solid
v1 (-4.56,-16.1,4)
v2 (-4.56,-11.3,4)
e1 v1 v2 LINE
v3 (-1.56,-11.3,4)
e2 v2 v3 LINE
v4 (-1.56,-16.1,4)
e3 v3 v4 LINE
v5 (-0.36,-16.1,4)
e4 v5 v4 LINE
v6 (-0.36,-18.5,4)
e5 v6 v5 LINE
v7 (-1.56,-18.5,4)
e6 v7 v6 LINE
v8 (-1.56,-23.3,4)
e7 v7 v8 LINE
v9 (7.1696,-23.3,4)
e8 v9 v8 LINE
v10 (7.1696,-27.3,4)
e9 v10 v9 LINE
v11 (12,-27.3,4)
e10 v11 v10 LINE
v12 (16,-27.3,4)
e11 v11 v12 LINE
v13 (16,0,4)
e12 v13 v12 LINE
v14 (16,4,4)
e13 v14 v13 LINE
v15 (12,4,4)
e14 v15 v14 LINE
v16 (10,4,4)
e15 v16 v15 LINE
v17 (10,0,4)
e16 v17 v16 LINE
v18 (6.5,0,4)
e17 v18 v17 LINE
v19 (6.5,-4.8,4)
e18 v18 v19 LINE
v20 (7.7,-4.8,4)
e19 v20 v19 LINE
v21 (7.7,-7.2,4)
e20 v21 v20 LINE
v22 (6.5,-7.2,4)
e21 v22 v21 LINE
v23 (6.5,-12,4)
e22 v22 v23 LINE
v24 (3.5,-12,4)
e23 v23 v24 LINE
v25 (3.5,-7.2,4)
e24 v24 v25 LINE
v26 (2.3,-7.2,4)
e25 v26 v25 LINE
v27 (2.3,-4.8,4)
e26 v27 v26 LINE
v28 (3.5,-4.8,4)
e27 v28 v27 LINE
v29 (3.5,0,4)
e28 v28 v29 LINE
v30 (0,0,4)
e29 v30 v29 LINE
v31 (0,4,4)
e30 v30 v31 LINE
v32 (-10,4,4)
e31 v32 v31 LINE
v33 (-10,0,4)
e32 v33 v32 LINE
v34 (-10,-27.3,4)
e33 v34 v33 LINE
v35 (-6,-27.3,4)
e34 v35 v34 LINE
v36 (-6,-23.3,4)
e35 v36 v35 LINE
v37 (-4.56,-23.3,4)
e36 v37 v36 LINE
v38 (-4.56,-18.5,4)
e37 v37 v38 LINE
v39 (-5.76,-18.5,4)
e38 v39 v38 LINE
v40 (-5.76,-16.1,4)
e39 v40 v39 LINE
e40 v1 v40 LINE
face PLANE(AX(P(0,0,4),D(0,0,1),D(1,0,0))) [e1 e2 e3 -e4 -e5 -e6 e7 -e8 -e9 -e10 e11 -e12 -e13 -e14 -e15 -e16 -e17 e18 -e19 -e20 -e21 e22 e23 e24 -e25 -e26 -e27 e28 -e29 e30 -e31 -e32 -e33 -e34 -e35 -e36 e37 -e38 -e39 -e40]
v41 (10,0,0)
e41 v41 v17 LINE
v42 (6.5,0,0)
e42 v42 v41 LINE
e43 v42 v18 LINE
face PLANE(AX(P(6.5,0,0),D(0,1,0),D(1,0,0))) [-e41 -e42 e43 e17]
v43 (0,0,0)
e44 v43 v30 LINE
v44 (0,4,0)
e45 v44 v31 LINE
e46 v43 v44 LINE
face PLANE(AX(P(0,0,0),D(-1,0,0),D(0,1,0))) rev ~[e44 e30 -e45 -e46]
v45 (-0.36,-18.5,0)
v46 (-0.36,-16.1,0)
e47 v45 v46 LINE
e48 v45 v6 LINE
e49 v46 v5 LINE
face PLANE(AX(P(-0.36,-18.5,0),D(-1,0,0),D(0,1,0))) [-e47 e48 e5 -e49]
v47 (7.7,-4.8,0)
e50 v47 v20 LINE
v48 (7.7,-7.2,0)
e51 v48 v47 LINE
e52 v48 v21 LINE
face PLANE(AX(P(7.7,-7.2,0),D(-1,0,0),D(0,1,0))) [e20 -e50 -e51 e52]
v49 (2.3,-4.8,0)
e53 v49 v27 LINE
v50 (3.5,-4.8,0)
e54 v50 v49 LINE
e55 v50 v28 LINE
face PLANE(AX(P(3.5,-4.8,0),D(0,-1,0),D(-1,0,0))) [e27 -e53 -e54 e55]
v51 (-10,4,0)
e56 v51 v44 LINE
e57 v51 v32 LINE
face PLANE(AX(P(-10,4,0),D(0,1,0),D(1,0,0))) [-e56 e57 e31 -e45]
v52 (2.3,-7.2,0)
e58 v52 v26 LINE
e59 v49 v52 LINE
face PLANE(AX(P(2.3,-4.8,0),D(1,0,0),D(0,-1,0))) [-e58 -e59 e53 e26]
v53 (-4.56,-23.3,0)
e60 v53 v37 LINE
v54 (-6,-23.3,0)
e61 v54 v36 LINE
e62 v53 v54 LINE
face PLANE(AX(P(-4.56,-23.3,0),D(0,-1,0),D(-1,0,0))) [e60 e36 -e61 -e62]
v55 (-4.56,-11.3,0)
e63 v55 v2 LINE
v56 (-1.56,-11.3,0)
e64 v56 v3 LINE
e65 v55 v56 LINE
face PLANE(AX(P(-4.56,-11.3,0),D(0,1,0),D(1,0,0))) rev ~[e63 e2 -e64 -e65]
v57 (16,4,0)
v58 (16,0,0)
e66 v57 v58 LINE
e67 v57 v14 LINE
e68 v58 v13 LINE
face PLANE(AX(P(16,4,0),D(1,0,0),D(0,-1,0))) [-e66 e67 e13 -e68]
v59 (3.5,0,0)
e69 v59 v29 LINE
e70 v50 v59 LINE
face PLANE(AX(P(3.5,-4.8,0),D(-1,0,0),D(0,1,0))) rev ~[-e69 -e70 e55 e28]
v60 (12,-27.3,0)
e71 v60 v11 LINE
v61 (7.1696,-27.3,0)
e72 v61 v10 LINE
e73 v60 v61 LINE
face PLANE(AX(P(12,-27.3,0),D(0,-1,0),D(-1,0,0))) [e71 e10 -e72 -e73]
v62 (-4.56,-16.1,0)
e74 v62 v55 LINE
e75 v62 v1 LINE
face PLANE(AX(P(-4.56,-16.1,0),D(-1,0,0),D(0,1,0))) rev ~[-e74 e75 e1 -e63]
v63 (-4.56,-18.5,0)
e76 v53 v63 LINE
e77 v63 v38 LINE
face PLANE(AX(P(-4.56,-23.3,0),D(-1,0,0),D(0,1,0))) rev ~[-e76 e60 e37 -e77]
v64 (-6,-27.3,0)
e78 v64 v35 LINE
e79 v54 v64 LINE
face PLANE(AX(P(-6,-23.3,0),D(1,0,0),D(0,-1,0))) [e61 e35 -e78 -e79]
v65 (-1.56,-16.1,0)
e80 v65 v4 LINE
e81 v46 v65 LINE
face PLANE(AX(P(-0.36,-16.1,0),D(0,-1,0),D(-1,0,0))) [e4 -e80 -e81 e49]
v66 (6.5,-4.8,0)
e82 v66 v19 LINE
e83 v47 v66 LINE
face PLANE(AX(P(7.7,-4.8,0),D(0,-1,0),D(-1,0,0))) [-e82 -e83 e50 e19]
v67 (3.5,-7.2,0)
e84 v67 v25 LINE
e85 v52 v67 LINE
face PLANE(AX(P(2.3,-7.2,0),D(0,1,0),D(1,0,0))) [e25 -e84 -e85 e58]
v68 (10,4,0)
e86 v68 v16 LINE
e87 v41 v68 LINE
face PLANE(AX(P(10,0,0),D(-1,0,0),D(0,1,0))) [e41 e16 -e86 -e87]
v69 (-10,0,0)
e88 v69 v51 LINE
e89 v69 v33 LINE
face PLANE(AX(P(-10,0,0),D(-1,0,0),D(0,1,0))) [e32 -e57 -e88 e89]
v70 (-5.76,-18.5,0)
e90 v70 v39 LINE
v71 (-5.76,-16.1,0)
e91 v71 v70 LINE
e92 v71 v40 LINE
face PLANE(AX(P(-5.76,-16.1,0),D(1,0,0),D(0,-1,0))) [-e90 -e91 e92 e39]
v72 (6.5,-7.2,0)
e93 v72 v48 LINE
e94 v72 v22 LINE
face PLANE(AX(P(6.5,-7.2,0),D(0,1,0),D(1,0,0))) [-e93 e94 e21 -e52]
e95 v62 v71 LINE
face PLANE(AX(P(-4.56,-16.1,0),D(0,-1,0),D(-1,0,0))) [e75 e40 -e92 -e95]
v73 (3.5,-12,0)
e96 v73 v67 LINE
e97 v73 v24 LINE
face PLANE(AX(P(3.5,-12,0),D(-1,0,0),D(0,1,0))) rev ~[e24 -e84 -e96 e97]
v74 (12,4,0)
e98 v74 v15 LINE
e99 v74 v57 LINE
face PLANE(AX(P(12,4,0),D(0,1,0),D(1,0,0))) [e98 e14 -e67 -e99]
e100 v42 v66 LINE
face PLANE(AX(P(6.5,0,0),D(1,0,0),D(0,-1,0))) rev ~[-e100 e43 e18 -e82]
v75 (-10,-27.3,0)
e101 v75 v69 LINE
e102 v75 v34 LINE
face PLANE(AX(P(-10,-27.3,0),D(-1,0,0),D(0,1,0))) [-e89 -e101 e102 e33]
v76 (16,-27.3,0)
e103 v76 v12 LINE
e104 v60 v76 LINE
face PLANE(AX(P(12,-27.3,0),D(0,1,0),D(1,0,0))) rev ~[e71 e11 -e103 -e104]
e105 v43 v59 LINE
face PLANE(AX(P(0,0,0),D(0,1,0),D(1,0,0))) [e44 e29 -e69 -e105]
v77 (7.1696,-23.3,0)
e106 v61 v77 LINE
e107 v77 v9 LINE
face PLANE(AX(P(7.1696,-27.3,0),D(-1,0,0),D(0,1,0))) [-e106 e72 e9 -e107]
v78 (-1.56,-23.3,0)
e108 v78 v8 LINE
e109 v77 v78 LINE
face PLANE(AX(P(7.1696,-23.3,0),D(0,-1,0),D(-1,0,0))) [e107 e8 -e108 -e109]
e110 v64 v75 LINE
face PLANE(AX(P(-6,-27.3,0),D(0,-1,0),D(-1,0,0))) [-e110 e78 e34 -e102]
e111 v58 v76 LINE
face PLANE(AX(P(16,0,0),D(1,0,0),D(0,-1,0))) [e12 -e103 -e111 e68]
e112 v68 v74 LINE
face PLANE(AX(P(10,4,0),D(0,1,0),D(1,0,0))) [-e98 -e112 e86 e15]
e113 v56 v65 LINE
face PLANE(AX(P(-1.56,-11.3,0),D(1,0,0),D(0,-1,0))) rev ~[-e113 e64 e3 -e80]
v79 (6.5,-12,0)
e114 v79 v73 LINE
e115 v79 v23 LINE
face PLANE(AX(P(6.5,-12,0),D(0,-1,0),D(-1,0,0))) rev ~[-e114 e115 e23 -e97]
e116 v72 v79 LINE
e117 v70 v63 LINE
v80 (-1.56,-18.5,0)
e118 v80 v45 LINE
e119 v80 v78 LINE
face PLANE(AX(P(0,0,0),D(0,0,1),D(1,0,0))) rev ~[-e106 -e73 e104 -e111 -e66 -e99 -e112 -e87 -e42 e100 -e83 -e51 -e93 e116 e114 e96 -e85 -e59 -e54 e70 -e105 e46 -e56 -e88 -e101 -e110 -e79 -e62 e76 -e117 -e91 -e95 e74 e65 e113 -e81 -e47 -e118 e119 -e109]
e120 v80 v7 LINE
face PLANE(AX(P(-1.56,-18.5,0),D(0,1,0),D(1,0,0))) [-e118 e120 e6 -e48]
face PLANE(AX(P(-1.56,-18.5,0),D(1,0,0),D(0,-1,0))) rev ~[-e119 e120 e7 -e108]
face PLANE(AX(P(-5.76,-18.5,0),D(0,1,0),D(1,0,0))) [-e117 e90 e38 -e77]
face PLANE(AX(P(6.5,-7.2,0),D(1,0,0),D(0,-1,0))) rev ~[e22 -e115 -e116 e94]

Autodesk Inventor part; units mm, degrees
ref_plane "YZ Plane" through (0, 0, 0) normal (1, 0, 0) x (0, 1, 0)
ref_plane "XZ Plane" through (0, 0, 0) normal (0, 1, 0) x (-1, 0, 0)
ref_plane "XY Plane" through (0, 0, 0) normal (0, 0, 1) x (1, 0, 0)
sketch "Sketch1" plane through (0, 0, 0) normal (0, 0, 1) x (1, 0, 0)
  line L0 (-10, 4) -> (0, 4) projected
  line L1 (-10, 0) -> (-10, 4) projected
  line L2 (0, 0) -> (-10, 0) construction
  line L3 (0, 0) -> (0, 4) projected
  line L4 (10, 4) -> (12, 4) projected
  line L5 (10, 0) -> (10, 4) projected
  line L6 (12, 0) -> (10, 0) construction
  line L7 (12, 0) -> (12, 4) construction
  line L8 (12, 4) -> (12, -27.3) construction
  line L9 (12, -27.3) -> (16, -27.3) projected
  line L10 (16, 4) -> (16, -27.3) projected
  line L11 (12, 4) -> (16, 4) projected
  line L12 (6.5, 0) -> (6.5, 4) construction
  line L13 (3.5, 0) -> (3.5, 4) construction
  line L14 (6.5, 0) -> (3.5, 0) construction
  line L15 (16, -27.3) -> (-10, -27.3)
  line L16 (-10, -27.3) -> (-10, 0)
  line L17 (-10, 0) -> (16, 0) construction
  line L18 (16, 0) -> (16, -27.3)
  line L19 (0, 0) -> (10, 0)
  line L20 (3.5, 0) -> (6.5, 0)
  line L21 (6.5, 0) -> (6.5, -12)
  line L22 (6.5, -12) -> (3.5, -12)
  line L23 (3.5, -12) -> (3.5, 0)
  line L24 (2.3, -7.2) -> (7.7, -7.2)
  line L25 (7.7, -7.2) -> (7.7, -4.8)
  line L26 (7.7, -4.8) -> (2.3, -4.8)
  line L27 (2.3, -4.8) -> (2.3, -7.2)
  line L28 (-6, -27.3) -> (7.1696, -27.3)
  line L29 (7.1696, -27.3) -> (7.1696, -23.3)
  line L30 (7.1696, -23.3) -> (-6, -23.3)
  line L31 (-6, -23.3) -> (-6, -27.3)
  line L32 (-4.56, -11.3) -> (-1.56, -11.3)
  line L33 (-1.56, -11.3) -> (-1.56, -23.3)
  line L34 (-1.56, -23.3) -> (-4.56, -23.3)
  line L35 (-4.56, -23.3) -> (-4.56, -11.3)
  line L36 (-5.76, -18.5) -> (-0.36, -18.5)
  line L37 (-0.36, -18.5) -> (-0.36, -16.1)
  line L38 (-0.36, -16.1) -> (-5.76, -16.1)
  line L39 (-5.76, -16.1) -> (-5.76, -18.5)
  point P0 (2.3, -6)
  point P1 (3.5, -6)
  point P2 (5, -7.2)
  point P3 (5, -12)
  point P4 (-5.76, -17.3)
  point P5 (-4.56, -17.3)
  point P6 (-3.06, -18.5)
  point P7 (-3.06, -23.3)
  point P8 (-4.56, -18.5)
  point P9 (-4.56, -16.1)
  point P10 (-1.56, -16.1)
  point P11 (-1.56, -18.5)
  point P12 (6.5, -4.8)
  point P13 (6.5, -7.2)
  point P14 (3.5, -7.2)
  point P15 (3.5, -4.8)
  dimension "d0" = 3
  dimension "d1" = 12
  dimension "d2" = 2.4
  dimension "d3" = 5.4
  dimension "d4" = 4
  dimension "d5" = 3
  dimension "d6" = 12
  dimension "d7" = 2.4
  dimension "d8" = 5.4
  dimension "d9" = 1.44
  dimension "d10" = 4
extrude "Extrusion1" add sketch "Sketch1" along normal blind 4 contours L0 L3 L19 L23 L26 L27 L24 L22 L21 L25 L5 L4 L11 L10 L9 L15 L29 L30 L33 L36 L37 L38 L32 L35 L39 L31 L16 L1
properties part number "Door_LimitSwitch_Holder_Side_2" material "MDF Medium Density Fiberboard"
